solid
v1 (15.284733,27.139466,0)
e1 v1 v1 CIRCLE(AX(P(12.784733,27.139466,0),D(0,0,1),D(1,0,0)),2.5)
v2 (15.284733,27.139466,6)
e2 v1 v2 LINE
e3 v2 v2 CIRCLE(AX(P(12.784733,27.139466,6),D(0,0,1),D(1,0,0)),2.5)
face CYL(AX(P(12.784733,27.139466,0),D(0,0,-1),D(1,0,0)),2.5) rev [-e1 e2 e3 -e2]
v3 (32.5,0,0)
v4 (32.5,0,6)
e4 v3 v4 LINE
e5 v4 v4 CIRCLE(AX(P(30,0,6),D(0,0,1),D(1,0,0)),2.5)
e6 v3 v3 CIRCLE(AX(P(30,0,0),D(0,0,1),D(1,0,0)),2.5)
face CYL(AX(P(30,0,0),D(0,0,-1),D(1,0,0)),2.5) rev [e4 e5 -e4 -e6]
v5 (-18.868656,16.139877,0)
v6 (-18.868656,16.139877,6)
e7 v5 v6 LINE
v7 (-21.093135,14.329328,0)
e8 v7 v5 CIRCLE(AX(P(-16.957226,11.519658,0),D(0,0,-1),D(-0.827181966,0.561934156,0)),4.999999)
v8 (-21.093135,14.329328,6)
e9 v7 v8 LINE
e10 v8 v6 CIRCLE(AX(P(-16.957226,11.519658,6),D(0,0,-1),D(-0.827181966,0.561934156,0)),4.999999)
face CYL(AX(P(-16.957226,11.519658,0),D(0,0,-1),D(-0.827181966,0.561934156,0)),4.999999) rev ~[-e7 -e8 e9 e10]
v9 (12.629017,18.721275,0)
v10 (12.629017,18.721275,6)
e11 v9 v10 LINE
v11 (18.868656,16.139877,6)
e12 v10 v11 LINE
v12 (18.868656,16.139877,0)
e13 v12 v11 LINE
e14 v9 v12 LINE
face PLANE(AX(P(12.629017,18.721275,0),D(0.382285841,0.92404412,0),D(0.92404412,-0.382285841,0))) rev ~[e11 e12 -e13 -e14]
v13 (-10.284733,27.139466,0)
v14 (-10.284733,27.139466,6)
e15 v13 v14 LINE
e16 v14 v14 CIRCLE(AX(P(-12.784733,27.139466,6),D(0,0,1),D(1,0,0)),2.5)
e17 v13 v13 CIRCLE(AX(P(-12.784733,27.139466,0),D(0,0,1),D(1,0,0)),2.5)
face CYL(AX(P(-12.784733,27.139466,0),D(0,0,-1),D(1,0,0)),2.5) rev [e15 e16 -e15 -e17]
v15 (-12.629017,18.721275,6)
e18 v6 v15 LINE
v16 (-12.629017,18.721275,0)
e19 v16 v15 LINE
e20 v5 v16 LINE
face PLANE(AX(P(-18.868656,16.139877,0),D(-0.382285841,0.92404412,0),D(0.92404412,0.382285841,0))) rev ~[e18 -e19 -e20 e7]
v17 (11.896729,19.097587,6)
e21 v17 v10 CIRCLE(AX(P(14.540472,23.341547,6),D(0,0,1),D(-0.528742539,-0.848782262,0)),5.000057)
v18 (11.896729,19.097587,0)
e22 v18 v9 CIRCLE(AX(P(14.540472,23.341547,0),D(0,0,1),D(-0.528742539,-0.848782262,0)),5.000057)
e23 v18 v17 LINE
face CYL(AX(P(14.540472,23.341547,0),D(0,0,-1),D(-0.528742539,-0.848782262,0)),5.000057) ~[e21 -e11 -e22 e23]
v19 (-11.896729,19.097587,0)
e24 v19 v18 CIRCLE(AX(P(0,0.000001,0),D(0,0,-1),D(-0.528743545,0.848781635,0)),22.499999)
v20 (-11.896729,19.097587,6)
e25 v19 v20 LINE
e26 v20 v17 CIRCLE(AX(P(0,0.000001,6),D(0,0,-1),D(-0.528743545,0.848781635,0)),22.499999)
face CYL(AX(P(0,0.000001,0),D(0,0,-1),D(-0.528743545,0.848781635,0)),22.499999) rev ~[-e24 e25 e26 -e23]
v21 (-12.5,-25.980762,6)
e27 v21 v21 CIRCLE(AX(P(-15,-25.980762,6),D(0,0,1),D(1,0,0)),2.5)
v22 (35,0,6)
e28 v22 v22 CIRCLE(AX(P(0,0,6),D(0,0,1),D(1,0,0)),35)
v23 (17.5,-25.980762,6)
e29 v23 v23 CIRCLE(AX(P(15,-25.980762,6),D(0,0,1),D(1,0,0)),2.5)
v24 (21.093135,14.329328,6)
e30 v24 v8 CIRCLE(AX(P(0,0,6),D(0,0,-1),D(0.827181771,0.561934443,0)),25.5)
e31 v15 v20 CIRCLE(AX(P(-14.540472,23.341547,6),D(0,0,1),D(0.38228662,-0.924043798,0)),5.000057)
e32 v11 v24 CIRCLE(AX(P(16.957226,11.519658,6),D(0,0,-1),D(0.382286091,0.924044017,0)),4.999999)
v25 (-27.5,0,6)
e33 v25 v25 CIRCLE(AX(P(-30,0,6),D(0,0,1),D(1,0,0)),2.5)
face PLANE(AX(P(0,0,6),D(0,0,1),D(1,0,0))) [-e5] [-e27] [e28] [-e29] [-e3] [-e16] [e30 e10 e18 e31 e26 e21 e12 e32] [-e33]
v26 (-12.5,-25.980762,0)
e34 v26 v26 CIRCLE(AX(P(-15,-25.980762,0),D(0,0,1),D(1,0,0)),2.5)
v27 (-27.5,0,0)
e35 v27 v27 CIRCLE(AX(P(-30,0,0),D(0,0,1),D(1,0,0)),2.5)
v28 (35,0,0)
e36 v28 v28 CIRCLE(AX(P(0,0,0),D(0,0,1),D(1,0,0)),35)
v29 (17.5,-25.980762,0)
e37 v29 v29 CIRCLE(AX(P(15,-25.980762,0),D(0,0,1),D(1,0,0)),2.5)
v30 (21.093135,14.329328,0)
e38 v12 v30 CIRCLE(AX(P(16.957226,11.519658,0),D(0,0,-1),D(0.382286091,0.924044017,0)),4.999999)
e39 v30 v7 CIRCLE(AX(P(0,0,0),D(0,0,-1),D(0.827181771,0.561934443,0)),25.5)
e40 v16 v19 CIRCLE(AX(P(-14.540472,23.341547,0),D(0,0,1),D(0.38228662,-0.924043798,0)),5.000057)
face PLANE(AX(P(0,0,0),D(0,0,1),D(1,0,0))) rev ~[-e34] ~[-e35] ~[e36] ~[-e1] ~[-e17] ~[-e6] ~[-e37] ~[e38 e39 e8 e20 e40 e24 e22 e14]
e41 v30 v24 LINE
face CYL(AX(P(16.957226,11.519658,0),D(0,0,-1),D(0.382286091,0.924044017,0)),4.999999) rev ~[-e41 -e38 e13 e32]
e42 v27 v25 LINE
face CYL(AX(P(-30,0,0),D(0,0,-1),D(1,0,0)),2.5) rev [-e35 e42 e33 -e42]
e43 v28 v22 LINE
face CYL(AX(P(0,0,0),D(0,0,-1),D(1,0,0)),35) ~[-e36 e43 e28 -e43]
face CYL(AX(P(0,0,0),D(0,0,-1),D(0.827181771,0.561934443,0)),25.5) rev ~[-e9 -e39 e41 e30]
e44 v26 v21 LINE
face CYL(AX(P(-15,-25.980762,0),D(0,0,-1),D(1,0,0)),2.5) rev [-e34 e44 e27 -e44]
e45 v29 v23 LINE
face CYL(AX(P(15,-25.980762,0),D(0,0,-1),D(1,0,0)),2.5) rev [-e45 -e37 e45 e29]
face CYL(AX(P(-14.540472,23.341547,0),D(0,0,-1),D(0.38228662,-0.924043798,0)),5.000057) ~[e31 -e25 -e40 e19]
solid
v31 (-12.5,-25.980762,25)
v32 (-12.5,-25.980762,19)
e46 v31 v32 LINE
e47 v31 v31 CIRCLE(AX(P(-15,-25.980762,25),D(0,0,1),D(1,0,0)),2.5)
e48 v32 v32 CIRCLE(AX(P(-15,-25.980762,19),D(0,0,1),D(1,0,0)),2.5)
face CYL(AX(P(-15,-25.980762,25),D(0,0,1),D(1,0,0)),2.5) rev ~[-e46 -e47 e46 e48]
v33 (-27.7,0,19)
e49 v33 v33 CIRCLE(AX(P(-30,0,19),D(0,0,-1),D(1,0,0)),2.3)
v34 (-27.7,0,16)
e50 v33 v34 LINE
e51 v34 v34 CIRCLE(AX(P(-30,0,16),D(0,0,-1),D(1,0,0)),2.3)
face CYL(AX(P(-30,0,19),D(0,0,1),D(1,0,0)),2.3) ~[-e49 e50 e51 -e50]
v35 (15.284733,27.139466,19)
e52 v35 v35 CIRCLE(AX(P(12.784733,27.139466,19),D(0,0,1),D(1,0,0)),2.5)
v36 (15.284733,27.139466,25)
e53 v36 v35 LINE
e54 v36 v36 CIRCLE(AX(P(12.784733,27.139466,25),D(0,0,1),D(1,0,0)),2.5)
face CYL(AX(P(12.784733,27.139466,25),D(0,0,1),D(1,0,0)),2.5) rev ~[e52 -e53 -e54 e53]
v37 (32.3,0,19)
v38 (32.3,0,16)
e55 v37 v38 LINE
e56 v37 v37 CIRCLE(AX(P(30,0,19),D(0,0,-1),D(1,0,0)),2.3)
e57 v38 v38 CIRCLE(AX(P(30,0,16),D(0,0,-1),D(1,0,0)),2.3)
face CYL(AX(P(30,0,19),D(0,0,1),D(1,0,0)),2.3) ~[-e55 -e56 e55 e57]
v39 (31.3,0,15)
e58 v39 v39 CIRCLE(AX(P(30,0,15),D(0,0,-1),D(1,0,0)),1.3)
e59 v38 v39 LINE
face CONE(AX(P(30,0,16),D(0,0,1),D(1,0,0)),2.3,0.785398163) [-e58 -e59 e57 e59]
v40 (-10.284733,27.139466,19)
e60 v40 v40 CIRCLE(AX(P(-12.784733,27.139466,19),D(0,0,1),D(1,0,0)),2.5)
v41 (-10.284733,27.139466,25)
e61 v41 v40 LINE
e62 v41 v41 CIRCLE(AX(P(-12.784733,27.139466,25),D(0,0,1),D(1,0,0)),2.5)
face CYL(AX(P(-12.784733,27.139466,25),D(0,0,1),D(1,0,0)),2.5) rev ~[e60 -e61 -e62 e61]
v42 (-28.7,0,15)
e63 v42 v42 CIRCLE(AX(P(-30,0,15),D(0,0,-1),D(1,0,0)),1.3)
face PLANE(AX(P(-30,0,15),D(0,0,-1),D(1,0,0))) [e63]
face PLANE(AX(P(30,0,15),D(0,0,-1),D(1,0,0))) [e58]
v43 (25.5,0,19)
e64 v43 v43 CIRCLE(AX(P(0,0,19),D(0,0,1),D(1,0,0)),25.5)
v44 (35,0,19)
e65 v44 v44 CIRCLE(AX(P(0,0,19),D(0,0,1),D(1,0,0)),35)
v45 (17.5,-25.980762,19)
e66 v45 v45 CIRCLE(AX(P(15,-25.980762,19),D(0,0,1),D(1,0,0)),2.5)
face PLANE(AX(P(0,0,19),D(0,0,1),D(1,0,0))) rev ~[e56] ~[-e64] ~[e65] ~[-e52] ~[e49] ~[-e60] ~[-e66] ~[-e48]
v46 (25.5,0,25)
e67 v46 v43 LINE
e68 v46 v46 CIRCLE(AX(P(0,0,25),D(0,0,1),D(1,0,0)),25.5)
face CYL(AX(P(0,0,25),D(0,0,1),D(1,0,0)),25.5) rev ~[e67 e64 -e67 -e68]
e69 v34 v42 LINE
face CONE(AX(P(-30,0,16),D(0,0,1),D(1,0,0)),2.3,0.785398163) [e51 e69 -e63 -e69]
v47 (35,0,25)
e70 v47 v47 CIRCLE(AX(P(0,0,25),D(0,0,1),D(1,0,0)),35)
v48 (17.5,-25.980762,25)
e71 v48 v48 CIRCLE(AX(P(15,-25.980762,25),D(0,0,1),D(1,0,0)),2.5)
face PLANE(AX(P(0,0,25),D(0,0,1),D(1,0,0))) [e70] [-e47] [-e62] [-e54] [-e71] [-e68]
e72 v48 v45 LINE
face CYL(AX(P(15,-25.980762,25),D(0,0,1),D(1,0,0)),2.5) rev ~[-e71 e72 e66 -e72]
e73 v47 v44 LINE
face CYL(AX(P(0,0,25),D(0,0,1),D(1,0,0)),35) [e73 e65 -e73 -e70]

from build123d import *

# Parameters (mm, degrees)
F0_R     = 35
F0_R_2   = 2.5
F1_DEPTH = 6
F3_R     = 35
F3_R_2   = 2.5
F3_R_3   = 25.5
F4_DEPTH = 6
F5_R     = 2.3
F6_DEPTH = 4
F7_SIZE  = 1


with BuildPart() as f1:
    # F0 (on Top) → F1 (new body)
    with BuildSketch(Plane.XY):
        Circle(F0_R)
        with Locations((-15, -25.980762)):
            Circle(F0_R_2, mode=Mode.SUBTRACT)
        with Locations((15, -25.980762)):
            Circle(F0_R_2, mode=Mode.SUBTRACT)
        with BuildLine():
            ThreePointArc((21.093135, 14.329328), (0, -25.5), (-21.093135, 14.329328))
            ThreePointArc((-21.093135, 14.329328), (-20.113505, 15.39753), (-18.868656, 16.139877))
            Line((-18.868656, 16.139877), (-12.629017, 18.721275))
            ThreePointArc((-12.629017, 18.721275), (-12.255114, 18.894333), (-11.896729, 19.097587))
            ThreePointArc((-11.896729, 19.097587), (0, 22.5), (11.896729, 19.097587))
            ThreePointArc((11.896729, 19.097587), (12.255114, 18.894333), (12.629017, 18.721275))
            Line((12.629017, 18.721275), (18.868656, 16.139877))
            ThreePointArc((18.868656, 16.139877), (20.113505, 15.39753), (21.093135, 14.329328))
        make_face(mode=Mode.SUBTRACT)
        with Locations((-30, 0)):
            Circle(F0_R_2, mode=Mode.SUBTRACT)
        with Locations((-12.784733, 27.139466)):
            Circle(F0_R_2, mode=Mode.SUBTRACT)
        with Locations((30, 0)):
            Circle(F0_R_2, mode=Mode.SUBTRACT)
        with Locations((12.784733, 27.139466)):
            Circle(F0_R_2, mode=Mode.SUBTRACT)
    extrude(amount=F1_DEPTH)


with BuildPart() as f4:
    # F3 (on offset) → F4 (new body)
    with BuildSketch(Plane.XY.offset(25)):
        Circle(F3_R)
        with Locations((-15, -25.980762)):
            Circle(F3_R_2, mode=Mode.SUBTRACT)
        with Locations((15, -25.980762)):
            Circle(F3_R_2, mode=Mode.SUBTRACT)
        with Locations((-12.784733, 27.139466)):
            Circle(F3_R_2, mode=Mode.SUBTRACT)
        Circle(F3_R_3, mode=Mode.SUBTRACT)
        with Locations((12.784733, 27.139466)):
            Circle(F3_R_2, mode=Mode.SUBTRACT)
    extrude(amount=-F4_DEPTH)

    # F5 (on face) → F6 (join)
    with BuildSketch(Plane(origin=(0, 0, 19), x_dir=(1, 0, 0), z_dir=(0, 0, -1))):
        with Locations((-30, 0)):
            Circle(F5_R)
        with Locations((30, 0)):
            Circle(F5_R)
    extrude(amount=F6_DEPTH)

    # F7
    f7_edges = [f4.edges().sort_by_distance(p)[0] for p in [
        (-32.3, 0, 15),
        (27.7, 0, 15),
    ]]
    chamfer(f7_edges, length=F7_SIZE)


solid = Compound([f1.part, f4.part])
